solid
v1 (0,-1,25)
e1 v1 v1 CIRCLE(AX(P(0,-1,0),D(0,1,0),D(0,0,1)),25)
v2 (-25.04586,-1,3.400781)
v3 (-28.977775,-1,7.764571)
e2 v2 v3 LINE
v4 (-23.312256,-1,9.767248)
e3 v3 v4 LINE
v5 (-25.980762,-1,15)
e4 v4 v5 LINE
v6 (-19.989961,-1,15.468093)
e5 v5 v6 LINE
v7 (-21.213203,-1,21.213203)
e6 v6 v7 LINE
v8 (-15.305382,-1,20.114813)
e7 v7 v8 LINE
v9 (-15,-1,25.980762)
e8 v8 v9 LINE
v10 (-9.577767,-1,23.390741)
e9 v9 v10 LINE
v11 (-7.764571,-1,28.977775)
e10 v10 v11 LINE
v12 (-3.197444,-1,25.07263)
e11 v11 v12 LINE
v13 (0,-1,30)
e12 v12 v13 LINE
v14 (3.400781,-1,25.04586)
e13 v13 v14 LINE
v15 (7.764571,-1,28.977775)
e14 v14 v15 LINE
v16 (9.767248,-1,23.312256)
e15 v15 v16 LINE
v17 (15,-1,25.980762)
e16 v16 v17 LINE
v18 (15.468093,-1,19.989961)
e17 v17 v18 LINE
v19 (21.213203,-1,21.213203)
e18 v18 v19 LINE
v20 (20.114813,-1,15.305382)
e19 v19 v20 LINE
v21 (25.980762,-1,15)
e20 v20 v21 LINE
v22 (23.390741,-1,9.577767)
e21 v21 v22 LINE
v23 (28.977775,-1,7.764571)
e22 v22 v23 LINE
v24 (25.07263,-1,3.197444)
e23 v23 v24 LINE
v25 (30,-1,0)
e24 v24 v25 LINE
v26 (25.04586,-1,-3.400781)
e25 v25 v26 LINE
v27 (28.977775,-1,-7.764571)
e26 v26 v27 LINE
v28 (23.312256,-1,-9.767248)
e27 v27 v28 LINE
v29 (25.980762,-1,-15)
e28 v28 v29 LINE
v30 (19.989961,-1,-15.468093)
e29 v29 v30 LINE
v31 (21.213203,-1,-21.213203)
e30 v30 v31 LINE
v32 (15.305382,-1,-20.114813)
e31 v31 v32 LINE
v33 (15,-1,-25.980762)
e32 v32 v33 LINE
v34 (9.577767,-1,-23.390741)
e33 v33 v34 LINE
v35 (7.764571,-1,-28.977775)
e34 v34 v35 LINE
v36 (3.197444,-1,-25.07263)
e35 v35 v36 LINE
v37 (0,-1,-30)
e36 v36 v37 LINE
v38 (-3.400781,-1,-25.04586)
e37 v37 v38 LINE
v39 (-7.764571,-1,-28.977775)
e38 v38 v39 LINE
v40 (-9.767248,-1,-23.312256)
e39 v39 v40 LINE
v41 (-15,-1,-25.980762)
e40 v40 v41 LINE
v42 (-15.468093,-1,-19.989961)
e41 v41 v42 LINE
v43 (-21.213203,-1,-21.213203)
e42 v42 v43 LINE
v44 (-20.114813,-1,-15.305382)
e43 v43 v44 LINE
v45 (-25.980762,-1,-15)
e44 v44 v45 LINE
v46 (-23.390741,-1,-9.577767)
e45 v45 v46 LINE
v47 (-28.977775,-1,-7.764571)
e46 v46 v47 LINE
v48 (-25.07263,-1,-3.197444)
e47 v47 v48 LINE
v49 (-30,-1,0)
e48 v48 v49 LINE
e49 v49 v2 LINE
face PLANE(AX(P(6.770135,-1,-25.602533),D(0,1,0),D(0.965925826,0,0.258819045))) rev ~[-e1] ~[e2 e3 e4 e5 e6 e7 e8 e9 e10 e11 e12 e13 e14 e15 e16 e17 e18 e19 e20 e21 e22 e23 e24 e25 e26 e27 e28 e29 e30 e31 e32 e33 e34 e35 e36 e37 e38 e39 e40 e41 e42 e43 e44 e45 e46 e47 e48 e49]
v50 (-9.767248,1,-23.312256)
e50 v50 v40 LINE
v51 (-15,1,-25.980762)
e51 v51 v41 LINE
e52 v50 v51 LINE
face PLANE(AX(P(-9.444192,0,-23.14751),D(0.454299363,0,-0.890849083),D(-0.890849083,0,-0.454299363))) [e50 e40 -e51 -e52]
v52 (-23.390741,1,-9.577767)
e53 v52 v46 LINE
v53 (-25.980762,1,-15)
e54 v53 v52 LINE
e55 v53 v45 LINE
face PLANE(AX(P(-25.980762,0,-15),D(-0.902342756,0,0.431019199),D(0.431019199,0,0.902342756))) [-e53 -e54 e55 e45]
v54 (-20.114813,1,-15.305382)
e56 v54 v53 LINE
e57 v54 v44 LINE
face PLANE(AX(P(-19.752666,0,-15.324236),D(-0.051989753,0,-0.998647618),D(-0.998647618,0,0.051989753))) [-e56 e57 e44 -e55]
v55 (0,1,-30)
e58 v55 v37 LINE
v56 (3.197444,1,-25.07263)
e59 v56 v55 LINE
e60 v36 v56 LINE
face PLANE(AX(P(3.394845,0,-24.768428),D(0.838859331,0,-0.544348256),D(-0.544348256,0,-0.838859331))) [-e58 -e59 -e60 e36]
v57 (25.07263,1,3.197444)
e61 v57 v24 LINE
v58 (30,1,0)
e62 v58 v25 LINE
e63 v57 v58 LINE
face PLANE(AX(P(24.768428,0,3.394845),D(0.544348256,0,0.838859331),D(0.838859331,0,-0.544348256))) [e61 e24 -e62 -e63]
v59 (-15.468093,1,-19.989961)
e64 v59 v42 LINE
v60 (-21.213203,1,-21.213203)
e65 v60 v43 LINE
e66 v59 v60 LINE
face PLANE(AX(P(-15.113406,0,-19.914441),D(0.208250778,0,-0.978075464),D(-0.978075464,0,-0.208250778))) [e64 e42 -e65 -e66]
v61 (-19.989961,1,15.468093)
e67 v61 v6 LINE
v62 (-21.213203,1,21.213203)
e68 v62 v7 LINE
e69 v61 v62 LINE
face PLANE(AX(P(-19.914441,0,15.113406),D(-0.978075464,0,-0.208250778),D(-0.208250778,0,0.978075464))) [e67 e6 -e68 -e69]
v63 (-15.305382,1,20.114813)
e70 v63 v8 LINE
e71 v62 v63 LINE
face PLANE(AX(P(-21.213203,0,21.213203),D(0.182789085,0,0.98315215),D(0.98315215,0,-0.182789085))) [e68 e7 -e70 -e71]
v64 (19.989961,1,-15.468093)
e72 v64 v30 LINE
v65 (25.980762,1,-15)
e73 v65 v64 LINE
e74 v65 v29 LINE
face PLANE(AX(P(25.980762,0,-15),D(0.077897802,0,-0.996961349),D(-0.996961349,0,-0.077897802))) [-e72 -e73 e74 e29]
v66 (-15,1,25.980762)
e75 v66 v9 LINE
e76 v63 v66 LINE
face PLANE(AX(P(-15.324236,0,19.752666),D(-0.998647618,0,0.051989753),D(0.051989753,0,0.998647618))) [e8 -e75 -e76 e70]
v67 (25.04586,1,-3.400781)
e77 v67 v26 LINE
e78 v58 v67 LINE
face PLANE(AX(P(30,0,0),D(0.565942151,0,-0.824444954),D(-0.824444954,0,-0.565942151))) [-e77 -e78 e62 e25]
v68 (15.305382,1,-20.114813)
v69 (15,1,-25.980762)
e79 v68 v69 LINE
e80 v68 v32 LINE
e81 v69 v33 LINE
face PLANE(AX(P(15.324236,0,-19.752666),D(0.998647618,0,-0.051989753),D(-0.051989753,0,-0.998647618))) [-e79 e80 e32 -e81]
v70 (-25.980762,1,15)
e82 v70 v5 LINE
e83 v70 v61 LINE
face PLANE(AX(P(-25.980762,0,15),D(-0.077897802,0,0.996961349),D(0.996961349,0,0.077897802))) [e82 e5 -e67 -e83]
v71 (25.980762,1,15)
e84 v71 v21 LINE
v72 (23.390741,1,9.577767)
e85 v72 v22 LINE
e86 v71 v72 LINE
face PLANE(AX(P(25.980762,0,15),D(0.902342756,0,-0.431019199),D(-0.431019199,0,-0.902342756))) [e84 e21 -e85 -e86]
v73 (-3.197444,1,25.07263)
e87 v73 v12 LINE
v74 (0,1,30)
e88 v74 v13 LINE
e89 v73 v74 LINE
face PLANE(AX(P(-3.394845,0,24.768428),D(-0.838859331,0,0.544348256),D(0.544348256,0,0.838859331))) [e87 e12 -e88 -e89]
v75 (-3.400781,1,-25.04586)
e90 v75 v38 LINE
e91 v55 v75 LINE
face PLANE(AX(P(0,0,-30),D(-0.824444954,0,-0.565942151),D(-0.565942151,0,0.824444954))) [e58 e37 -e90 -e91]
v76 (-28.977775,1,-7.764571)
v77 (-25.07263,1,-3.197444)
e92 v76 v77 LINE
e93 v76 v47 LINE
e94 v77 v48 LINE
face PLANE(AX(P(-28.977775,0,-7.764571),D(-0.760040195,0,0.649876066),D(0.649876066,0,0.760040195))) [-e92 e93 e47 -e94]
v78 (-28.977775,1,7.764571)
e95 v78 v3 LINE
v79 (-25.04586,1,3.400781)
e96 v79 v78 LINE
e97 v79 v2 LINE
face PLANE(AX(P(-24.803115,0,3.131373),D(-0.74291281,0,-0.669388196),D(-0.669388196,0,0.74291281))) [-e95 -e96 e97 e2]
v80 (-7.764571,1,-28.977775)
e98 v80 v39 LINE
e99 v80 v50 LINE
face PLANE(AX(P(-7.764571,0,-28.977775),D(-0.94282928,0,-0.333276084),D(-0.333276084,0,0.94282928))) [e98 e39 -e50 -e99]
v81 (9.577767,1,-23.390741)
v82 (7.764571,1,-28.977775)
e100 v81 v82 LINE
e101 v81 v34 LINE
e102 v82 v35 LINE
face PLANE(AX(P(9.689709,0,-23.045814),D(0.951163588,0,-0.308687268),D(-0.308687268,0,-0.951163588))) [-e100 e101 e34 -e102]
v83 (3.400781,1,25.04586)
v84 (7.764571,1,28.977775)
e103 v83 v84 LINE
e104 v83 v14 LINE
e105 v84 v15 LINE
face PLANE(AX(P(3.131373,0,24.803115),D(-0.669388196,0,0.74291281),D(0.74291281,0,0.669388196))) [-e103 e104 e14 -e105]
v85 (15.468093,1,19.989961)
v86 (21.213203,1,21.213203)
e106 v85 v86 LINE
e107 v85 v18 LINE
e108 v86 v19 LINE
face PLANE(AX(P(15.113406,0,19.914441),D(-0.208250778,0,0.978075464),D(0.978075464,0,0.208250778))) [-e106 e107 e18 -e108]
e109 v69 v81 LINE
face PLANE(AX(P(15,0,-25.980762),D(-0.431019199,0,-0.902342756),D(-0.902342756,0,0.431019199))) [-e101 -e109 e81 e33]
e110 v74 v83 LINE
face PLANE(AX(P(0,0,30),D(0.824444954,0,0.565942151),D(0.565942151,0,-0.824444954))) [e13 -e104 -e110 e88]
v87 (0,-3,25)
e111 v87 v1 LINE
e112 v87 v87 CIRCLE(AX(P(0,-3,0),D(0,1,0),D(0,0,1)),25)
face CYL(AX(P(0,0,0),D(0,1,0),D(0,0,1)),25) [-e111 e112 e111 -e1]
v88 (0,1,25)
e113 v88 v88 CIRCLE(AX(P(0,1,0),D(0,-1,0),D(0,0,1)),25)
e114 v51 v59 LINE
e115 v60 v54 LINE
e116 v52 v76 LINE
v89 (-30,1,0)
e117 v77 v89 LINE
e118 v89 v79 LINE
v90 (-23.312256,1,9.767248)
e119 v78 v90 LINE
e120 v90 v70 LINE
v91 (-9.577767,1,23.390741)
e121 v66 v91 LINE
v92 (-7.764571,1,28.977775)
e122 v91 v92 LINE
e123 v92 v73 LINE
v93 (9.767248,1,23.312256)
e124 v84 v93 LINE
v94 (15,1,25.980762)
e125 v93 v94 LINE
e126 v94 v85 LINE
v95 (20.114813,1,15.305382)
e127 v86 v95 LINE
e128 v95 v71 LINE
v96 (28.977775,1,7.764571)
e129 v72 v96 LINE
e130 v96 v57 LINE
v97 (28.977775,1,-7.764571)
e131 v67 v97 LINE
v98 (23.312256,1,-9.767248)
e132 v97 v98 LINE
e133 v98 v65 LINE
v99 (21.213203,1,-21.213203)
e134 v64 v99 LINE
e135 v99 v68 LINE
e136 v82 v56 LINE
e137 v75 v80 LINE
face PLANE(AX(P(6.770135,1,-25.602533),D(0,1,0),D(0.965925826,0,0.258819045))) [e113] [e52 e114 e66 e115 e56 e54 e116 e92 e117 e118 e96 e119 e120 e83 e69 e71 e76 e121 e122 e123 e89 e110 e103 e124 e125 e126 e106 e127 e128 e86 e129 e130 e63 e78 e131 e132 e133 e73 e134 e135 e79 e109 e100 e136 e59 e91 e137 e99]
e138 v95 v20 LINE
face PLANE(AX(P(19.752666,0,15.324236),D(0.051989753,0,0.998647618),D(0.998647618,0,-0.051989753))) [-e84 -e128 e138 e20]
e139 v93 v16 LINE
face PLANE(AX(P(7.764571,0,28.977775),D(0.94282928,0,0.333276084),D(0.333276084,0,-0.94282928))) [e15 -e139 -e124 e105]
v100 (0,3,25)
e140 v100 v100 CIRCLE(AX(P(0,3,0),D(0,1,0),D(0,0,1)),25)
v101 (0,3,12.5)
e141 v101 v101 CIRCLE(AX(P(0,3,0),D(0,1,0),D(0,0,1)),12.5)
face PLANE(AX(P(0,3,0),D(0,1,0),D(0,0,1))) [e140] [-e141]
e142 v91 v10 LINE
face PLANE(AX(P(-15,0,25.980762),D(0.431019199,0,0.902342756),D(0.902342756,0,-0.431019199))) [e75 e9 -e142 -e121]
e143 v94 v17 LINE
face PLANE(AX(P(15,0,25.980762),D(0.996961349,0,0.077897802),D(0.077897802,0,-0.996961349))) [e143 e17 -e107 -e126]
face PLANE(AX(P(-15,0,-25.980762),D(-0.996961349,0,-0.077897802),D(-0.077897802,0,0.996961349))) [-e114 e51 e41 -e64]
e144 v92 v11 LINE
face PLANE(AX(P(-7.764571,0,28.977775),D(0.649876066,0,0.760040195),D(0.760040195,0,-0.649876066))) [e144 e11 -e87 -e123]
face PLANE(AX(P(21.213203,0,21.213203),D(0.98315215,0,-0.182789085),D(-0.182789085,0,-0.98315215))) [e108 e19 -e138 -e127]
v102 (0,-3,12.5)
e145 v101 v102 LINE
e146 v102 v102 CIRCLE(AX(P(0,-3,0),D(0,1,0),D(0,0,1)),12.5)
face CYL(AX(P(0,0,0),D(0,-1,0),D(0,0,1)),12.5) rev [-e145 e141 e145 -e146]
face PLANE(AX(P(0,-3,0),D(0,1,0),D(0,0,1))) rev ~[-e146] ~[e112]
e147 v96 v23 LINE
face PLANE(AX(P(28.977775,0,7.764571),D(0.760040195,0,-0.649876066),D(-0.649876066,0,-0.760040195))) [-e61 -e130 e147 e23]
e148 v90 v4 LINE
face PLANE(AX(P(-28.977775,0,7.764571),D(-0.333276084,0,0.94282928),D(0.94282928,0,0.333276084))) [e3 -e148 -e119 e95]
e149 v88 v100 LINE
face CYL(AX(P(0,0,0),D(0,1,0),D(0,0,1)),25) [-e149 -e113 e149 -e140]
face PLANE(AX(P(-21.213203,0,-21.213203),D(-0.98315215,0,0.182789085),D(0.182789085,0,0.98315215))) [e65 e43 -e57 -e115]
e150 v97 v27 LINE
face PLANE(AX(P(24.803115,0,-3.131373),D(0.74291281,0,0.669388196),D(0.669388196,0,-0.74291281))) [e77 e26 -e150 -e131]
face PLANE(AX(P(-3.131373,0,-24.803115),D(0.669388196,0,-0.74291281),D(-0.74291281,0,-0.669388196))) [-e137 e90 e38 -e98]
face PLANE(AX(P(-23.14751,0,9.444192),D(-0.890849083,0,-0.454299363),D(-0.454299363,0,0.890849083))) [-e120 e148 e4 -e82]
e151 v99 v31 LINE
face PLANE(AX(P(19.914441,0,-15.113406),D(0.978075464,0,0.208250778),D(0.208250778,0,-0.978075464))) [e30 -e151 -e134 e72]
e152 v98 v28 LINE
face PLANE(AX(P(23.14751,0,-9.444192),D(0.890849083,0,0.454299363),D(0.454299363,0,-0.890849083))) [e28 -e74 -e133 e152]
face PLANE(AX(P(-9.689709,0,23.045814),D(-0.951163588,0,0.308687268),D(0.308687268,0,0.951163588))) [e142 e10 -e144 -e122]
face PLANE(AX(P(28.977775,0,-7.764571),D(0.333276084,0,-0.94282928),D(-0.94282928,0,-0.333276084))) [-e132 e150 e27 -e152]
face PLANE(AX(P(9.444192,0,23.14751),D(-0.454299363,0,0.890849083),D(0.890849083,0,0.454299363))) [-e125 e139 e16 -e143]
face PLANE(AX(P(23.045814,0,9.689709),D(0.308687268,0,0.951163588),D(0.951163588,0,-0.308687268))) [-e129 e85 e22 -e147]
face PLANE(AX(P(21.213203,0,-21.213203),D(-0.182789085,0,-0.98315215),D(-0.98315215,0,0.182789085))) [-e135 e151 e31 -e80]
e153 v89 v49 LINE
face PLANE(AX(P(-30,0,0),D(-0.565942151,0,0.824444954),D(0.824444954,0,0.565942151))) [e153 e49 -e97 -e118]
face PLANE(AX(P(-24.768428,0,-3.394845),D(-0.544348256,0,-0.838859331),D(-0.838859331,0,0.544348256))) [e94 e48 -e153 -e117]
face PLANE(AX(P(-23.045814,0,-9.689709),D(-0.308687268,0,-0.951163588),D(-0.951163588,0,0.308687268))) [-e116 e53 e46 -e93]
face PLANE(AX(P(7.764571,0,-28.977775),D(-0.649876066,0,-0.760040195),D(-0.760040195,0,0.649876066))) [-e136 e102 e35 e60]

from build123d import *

# Parameters (mm, degrees)
SKETCH1_R           = 25
SKETCH1_R_2         = 12.5
BOSS_EXTRUDE2_DEPTH = 3
BOSS_EXTRUDE3_DEPTH = 1
CIRPATTERN1_COUNT   = 24


with BuildPart() as part:
    # Sketch1 → Boss-Extrude2 (new, symmetric)
    with BuildSketch(Plane(origin=(0, 0, 0), x_dir=(1, 0, 0), z_dir=(0, 1, 0))):
        with Locations(Location((0, 0, 0), (0, 0, 270))):
            Circle(SKETCH1_R)
        with Locations(Location((0, 0, 0), (0, 0, 270))):
            Circle(SKETCH1_R_2, mode=Mode.SUBTRACT)
    extrude(amount=BOSS_EXTRUDE2_DEPTH, both=True)

    # Sketch4 → Boss-Extrude3 (add, symmetric)
    with BuildSketch(Plane(origin=(0, 0, 0), x_dir=(1, 0, 0), z_dir=(0, 1, 0))):
        Polygon((0, 30), (-3.612358793, 24.73764063), (0, 25), (3.394844565, 24.768428097), align=None)
    boss_extrude3 = extrude(amount=BOSS_EXTRUDE3_DEPTH, both=True)

    # CirPattern1: Boss-Extrude3 ×24 about axis
    cirpattern1_axis = Axis((0, 0, 0), (0, 1, 0))
    for i in range(1, CIRPATTERN1_COUNT):
        add(boss_extrude3.rotate(cirpattern1_axis, i * 360 / CIRPATTERN1_COUNT))


solid = part.part
